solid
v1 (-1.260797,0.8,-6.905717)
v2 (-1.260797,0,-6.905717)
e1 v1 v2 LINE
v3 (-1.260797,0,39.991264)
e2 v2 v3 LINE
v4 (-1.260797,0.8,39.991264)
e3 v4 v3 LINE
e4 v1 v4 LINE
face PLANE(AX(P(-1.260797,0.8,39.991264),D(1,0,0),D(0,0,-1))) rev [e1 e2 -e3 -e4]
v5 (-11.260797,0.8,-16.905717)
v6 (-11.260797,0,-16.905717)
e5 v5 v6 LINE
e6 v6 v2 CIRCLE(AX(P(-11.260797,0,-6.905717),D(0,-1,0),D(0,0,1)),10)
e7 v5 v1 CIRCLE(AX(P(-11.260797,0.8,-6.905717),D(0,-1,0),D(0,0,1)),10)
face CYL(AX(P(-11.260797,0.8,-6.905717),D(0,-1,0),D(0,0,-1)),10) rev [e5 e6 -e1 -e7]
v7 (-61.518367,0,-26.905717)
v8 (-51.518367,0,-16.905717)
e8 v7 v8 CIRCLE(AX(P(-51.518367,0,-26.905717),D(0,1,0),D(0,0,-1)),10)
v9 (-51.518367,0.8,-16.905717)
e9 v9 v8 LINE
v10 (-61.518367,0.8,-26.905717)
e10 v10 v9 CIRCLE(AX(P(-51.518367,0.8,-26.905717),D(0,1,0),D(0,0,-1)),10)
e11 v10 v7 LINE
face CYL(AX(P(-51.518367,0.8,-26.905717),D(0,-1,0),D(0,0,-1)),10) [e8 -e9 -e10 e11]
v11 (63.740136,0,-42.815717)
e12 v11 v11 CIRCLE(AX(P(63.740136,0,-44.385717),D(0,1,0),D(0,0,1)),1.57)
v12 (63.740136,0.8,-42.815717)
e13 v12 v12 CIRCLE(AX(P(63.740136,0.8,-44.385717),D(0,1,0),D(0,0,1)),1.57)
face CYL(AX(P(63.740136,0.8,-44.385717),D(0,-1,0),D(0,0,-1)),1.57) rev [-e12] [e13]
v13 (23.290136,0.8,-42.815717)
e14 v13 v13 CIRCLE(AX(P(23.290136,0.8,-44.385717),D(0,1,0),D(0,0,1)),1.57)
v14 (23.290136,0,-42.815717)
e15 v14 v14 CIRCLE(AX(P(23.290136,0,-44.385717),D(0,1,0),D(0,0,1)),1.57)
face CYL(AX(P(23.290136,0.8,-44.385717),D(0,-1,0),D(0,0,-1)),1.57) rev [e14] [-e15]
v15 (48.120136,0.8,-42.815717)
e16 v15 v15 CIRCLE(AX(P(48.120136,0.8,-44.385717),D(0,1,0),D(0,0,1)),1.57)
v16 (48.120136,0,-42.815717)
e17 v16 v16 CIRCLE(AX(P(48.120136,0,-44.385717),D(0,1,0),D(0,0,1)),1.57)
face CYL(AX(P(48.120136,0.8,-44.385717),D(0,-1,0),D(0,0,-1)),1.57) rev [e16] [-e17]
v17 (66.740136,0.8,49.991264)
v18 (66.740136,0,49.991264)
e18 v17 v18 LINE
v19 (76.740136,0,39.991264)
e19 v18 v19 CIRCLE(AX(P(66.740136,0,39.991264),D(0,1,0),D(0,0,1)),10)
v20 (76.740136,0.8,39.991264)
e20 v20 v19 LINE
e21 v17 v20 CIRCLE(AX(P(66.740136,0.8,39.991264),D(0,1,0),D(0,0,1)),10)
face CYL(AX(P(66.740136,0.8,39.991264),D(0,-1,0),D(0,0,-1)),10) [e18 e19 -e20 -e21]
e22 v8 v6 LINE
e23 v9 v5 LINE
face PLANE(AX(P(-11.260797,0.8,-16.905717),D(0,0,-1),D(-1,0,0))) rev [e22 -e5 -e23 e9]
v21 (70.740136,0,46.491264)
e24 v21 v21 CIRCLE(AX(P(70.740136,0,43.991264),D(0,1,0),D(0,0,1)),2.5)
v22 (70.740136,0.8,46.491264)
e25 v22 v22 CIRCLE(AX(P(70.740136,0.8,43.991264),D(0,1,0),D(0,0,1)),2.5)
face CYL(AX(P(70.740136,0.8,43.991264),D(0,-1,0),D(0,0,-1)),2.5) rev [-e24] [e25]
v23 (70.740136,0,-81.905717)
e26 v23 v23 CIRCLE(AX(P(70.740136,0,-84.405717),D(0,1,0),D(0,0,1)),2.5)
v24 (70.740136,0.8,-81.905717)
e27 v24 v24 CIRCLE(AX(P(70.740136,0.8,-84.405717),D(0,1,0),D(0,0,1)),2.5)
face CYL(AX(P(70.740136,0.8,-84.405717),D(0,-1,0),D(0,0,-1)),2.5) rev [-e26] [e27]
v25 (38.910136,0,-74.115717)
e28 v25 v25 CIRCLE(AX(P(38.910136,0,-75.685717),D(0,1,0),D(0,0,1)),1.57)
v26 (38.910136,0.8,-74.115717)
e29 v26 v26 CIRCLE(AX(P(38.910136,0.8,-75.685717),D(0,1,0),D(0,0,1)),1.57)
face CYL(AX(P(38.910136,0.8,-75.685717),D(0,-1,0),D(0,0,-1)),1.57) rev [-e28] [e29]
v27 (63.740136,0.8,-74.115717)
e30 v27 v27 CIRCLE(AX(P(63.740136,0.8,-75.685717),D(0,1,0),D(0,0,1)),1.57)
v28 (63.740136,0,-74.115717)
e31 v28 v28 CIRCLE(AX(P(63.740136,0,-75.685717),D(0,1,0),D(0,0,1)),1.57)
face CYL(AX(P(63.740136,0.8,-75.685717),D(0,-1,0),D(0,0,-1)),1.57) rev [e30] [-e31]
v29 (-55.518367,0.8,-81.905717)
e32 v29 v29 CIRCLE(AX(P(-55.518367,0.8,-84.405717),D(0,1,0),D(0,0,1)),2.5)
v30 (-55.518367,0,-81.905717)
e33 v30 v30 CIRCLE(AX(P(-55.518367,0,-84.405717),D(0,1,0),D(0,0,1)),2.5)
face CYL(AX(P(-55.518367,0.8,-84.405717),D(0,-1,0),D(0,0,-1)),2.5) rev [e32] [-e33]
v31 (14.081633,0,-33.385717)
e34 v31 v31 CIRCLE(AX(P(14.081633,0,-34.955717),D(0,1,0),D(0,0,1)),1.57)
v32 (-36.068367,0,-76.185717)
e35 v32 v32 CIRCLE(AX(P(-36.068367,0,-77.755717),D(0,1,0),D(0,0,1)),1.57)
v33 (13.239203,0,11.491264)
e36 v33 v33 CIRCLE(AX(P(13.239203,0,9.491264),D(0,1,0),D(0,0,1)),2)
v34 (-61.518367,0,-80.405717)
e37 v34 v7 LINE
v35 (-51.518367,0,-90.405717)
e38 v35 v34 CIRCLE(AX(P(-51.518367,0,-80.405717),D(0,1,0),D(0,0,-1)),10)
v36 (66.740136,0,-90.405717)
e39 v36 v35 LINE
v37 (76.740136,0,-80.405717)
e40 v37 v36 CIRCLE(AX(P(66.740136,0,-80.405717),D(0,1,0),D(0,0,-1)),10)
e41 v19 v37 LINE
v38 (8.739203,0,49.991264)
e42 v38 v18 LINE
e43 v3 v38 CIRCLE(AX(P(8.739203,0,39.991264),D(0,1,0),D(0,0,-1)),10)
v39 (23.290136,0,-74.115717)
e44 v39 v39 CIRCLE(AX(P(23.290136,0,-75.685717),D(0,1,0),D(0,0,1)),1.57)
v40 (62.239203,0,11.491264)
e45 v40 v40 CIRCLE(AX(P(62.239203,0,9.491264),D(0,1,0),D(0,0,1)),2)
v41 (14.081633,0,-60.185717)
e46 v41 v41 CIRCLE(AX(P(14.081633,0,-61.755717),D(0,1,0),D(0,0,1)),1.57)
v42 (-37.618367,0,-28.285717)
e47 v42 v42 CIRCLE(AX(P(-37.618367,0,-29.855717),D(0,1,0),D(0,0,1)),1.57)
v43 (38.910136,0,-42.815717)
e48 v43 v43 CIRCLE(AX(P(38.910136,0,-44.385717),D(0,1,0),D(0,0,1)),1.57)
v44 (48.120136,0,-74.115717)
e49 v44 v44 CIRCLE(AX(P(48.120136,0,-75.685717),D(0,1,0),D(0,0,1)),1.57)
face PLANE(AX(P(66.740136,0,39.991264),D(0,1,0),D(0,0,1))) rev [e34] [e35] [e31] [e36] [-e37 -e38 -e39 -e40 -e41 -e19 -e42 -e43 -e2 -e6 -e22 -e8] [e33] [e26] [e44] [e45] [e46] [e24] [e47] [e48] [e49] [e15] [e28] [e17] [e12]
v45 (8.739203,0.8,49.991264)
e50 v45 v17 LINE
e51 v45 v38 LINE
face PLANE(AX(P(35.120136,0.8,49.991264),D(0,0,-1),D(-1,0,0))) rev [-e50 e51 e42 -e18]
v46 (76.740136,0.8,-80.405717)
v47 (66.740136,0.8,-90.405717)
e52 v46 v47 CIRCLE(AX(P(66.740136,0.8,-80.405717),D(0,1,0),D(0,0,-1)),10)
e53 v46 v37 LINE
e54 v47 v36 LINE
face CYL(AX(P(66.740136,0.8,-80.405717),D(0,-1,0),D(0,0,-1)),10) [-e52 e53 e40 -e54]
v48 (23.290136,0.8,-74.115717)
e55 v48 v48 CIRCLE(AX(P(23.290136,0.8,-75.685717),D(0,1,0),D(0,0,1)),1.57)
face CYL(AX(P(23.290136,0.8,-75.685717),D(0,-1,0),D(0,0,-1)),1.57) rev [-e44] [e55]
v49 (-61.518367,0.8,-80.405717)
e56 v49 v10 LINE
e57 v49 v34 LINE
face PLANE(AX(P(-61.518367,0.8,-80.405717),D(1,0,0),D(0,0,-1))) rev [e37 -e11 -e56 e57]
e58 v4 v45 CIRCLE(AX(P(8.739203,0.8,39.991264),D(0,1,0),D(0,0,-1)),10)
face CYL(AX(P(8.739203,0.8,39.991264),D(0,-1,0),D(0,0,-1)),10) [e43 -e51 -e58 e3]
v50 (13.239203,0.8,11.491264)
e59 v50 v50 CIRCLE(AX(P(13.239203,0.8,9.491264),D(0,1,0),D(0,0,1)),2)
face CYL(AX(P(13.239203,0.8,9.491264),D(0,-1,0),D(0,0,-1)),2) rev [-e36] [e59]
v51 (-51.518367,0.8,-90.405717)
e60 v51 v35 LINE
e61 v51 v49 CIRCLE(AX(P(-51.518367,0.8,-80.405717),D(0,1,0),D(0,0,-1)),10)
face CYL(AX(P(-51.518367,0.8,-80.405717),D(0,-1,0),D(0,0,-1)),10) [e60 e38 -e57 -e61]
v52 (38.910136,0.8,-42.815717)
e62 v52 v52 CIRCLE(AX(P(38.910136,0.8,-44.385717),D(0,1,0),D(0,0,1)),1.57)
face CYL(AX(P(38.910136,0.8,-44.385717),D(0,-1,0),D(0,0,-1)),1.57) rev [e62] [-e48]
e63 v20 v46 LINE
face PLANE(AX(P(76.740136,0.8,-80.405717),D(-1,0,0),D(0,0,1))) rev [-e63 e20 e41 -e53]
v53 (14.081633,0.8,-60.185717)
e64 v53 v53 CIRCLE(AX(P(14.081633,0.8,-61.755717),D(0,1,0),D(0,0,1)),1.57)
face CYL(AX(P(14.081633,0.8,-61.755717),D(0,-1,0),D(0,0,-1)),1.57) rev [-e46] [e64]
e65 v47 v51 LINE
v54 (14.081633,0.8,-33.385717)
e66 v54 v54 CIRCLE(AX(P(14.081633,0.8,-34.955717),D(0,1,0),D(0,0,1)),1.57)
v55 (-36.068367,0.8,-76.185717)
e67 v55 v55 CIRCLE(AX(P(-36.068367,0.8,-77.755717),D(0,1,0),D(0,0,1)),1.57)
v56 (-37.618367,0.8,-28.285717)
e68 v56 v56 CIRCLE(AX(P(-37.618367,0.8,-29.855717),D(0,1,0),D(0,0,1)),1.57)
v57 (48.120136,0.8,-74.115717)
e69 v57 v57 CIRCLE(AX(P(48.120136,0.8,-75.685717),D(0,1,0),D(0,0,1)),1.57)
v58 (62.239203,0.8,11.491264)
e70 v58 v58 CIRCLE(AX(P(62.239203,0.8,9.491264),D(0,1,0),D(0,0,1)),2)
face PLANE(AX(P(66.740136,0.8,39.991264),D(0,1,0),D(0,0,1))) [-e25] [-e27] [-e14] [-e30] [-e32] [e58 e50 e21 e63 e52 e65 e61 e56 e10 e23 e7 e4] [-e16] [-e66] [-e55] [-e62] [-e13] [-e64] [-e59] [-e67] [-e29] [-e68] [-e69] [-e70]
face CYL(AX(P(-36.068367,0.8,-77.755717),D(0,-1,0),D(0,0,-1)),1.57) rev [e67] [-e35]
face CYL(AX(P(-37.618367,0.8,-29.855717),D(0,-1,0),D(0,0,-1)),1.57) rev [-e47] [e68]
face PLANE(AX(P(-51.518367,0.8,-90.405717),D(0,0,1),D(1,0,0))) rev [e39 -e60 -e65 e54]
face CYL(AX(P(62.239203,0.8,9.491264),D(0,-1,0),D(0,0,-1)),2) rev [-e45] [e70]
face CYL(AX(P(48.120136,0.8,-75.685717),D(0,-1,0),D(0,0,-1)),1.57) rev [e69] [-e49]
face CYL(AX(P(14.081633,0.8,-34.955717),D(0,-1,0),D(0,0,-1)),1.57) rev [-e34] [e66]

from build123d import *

# Parameters (mm, degrees)
SKETCH_1_R      = 1.57
SKETCH_1_R_2    = 2
SKETCH_1_R_3    = 2.5
EXTRUDE_1_DEPTH = 0.8


with BuildPart() as part:
    # 草图1 → 凸台-拉伸1 (new body)
    with BuildSketch(Plane(origin=(0, 0, 0), x_dir=(1, 0, 0), z_dir=(0, 1, 0))):
        with BuildLine():
            Line((-51.518366865, 90.405716602), (66.740135943, 90.405716602))
            ThreePointArc((66.740135943, 90.405716602), (73.811203755, 87.476784413), (76.740135943, 80.405716602))
            Line((76.740135943, 80.405716602), (76.740135943, 30.195483944))
            Line((76.740135943, 30.195483944), (76.740135943, -39.991264165))
            ThreePointArc((76.740135943, -39.991264165), (73.811203755, -47.062331977), (66.740135943, -49.991264165))
            Line((66.740135943, -49.991264165), (35.120135943, -49.991264165))
            Line((35.120135943, -49.991264165), (8.739202574, -49.991264165))
            ThreePointArc((8.739202574, -49.991264165), (1.668134763, -47.062331977), (-1.260797426, -39.991264165))
            Line((-1.260797426, -39.991264165), (-1.260797426, 6.905716602))
            ThreePointArc((-1.260797426, 6.905716602), (-4.189729614, 13.976784413), (-11.260797426, 16.905716602))
            Line((-11.260797426, 16.905716602), (-51.518366865, 16.905716602))
            ThreePointArc((-51.518366865, 16.905716602), (-58.589434677, 19.83464879), (-61.518366865, 26.905716602))
            Line((-61.518366865, 26.905716602), (-61.518366865, 80.405716602))
            ThreePointArc((-61.518366865, 80.405716602), (-58.589434677, 87.476784413), (-51.518366865, 90.405716602))
        make_face()
        with Locations(Location((-36.068366865, 77.755716602, 0), (0, 0, 270))):
            Circle(SKETCH_1_R, mode=Mode.SUBTRACT)
        with Locations(Location((23.290135943, 75.685716602, 0), (0, 0, 270))):
            Circle(SKETCH_1_R, mode=Mode.SUBTRACT)
        with Locations(Location((38.910135943, 75.685716602, 0), (0, 0, 270))):
            Circle(SKETCH_1_R, mode=Mode.SUBTRACT)
        with Locations(Location((48.120135943, 75.685716602, 0), (0, 0, 270))):
            Circle(SKETCH_1_R, mode=Mode.SUBTRACT)
        with Locations(Location((63.740135943, 75.685716602, 0), (0, 0, 270))):
            Circle(SKETCH_1_R, mode=Mode.SUBTRACT)
        with Locations(Location((-37.618366865, 29.855716602, 0), (0, 0, 270))):
            Circle(SKETCH_1_R, mode=Mode.SUBTRACT)
        with Locations(Location((14.081633135, 34.955716602, 0), (0, 0, 270))):
            Circle(SKETCH_1_R, mode=Mode.SUBTRACT)
        with Locations(Location((14.081633135, 61.755716602, 0), (0, 0, 270))):
            Circle(SKETCH_1_R, mode=Mode.SUBTRACT)
        with Locations(Location((23.290135943, 44.385716602, 0), (0, 0, 270))):
            Circle(SKETCH_1_R, mode=Mode.SUBTRACT)
        with Locations(Location((38.910135943, 44.385716602, 0), (0, 0, 270))):
            Circle(SKETCH_1_R, mode=Mode.SUBTRACT)
        with Locations(Location((48.120135943, 44.385716602, 0), (0, 0, 270))):
            Circle(SKETCH_1_R, mode=Mode.SUBTRACT)
        with Locations(Location((63.740135943, 44.385716602, 0), (0, 0, 270))):
            Circle(SKETCH_1_R, mode=Mode.SUBTRACT)
        with Locations(Location((13.239202574, -9.491264165, 0), (0, 0, 270))):
            Circle(SKETCH_1_R_2, mode=Mode.SUBTRACT)
        with Locations(Location((62.239202574, -9.491264165, 0), (0, 0, 270))):
            Circle(SKETCH_1_R_2, mode=Mode.SUBTRACT)
        with Locations(Location((-55.518366865, 84.405716602, 0), (0, 0, 270))):
            Circle(SKETCH_1_R_3, mode=Mode.SUBTRACT)
        with Locations(Location((70.740135943, 84.405716602, 0), (0, 0, 270))):
            Circle(SKETCH_1_R_3, mode=Mode.SUBTRACT)
        with Locations(Location((70.740135943, -43.991264165, 0), (0, 0, 270))):
            Circle(SKETCH_1_R_3, mode=Mode.SUBTRACT)
    extrude(amount=EXTRUDE_1_DEPTH)


solid = part.part
